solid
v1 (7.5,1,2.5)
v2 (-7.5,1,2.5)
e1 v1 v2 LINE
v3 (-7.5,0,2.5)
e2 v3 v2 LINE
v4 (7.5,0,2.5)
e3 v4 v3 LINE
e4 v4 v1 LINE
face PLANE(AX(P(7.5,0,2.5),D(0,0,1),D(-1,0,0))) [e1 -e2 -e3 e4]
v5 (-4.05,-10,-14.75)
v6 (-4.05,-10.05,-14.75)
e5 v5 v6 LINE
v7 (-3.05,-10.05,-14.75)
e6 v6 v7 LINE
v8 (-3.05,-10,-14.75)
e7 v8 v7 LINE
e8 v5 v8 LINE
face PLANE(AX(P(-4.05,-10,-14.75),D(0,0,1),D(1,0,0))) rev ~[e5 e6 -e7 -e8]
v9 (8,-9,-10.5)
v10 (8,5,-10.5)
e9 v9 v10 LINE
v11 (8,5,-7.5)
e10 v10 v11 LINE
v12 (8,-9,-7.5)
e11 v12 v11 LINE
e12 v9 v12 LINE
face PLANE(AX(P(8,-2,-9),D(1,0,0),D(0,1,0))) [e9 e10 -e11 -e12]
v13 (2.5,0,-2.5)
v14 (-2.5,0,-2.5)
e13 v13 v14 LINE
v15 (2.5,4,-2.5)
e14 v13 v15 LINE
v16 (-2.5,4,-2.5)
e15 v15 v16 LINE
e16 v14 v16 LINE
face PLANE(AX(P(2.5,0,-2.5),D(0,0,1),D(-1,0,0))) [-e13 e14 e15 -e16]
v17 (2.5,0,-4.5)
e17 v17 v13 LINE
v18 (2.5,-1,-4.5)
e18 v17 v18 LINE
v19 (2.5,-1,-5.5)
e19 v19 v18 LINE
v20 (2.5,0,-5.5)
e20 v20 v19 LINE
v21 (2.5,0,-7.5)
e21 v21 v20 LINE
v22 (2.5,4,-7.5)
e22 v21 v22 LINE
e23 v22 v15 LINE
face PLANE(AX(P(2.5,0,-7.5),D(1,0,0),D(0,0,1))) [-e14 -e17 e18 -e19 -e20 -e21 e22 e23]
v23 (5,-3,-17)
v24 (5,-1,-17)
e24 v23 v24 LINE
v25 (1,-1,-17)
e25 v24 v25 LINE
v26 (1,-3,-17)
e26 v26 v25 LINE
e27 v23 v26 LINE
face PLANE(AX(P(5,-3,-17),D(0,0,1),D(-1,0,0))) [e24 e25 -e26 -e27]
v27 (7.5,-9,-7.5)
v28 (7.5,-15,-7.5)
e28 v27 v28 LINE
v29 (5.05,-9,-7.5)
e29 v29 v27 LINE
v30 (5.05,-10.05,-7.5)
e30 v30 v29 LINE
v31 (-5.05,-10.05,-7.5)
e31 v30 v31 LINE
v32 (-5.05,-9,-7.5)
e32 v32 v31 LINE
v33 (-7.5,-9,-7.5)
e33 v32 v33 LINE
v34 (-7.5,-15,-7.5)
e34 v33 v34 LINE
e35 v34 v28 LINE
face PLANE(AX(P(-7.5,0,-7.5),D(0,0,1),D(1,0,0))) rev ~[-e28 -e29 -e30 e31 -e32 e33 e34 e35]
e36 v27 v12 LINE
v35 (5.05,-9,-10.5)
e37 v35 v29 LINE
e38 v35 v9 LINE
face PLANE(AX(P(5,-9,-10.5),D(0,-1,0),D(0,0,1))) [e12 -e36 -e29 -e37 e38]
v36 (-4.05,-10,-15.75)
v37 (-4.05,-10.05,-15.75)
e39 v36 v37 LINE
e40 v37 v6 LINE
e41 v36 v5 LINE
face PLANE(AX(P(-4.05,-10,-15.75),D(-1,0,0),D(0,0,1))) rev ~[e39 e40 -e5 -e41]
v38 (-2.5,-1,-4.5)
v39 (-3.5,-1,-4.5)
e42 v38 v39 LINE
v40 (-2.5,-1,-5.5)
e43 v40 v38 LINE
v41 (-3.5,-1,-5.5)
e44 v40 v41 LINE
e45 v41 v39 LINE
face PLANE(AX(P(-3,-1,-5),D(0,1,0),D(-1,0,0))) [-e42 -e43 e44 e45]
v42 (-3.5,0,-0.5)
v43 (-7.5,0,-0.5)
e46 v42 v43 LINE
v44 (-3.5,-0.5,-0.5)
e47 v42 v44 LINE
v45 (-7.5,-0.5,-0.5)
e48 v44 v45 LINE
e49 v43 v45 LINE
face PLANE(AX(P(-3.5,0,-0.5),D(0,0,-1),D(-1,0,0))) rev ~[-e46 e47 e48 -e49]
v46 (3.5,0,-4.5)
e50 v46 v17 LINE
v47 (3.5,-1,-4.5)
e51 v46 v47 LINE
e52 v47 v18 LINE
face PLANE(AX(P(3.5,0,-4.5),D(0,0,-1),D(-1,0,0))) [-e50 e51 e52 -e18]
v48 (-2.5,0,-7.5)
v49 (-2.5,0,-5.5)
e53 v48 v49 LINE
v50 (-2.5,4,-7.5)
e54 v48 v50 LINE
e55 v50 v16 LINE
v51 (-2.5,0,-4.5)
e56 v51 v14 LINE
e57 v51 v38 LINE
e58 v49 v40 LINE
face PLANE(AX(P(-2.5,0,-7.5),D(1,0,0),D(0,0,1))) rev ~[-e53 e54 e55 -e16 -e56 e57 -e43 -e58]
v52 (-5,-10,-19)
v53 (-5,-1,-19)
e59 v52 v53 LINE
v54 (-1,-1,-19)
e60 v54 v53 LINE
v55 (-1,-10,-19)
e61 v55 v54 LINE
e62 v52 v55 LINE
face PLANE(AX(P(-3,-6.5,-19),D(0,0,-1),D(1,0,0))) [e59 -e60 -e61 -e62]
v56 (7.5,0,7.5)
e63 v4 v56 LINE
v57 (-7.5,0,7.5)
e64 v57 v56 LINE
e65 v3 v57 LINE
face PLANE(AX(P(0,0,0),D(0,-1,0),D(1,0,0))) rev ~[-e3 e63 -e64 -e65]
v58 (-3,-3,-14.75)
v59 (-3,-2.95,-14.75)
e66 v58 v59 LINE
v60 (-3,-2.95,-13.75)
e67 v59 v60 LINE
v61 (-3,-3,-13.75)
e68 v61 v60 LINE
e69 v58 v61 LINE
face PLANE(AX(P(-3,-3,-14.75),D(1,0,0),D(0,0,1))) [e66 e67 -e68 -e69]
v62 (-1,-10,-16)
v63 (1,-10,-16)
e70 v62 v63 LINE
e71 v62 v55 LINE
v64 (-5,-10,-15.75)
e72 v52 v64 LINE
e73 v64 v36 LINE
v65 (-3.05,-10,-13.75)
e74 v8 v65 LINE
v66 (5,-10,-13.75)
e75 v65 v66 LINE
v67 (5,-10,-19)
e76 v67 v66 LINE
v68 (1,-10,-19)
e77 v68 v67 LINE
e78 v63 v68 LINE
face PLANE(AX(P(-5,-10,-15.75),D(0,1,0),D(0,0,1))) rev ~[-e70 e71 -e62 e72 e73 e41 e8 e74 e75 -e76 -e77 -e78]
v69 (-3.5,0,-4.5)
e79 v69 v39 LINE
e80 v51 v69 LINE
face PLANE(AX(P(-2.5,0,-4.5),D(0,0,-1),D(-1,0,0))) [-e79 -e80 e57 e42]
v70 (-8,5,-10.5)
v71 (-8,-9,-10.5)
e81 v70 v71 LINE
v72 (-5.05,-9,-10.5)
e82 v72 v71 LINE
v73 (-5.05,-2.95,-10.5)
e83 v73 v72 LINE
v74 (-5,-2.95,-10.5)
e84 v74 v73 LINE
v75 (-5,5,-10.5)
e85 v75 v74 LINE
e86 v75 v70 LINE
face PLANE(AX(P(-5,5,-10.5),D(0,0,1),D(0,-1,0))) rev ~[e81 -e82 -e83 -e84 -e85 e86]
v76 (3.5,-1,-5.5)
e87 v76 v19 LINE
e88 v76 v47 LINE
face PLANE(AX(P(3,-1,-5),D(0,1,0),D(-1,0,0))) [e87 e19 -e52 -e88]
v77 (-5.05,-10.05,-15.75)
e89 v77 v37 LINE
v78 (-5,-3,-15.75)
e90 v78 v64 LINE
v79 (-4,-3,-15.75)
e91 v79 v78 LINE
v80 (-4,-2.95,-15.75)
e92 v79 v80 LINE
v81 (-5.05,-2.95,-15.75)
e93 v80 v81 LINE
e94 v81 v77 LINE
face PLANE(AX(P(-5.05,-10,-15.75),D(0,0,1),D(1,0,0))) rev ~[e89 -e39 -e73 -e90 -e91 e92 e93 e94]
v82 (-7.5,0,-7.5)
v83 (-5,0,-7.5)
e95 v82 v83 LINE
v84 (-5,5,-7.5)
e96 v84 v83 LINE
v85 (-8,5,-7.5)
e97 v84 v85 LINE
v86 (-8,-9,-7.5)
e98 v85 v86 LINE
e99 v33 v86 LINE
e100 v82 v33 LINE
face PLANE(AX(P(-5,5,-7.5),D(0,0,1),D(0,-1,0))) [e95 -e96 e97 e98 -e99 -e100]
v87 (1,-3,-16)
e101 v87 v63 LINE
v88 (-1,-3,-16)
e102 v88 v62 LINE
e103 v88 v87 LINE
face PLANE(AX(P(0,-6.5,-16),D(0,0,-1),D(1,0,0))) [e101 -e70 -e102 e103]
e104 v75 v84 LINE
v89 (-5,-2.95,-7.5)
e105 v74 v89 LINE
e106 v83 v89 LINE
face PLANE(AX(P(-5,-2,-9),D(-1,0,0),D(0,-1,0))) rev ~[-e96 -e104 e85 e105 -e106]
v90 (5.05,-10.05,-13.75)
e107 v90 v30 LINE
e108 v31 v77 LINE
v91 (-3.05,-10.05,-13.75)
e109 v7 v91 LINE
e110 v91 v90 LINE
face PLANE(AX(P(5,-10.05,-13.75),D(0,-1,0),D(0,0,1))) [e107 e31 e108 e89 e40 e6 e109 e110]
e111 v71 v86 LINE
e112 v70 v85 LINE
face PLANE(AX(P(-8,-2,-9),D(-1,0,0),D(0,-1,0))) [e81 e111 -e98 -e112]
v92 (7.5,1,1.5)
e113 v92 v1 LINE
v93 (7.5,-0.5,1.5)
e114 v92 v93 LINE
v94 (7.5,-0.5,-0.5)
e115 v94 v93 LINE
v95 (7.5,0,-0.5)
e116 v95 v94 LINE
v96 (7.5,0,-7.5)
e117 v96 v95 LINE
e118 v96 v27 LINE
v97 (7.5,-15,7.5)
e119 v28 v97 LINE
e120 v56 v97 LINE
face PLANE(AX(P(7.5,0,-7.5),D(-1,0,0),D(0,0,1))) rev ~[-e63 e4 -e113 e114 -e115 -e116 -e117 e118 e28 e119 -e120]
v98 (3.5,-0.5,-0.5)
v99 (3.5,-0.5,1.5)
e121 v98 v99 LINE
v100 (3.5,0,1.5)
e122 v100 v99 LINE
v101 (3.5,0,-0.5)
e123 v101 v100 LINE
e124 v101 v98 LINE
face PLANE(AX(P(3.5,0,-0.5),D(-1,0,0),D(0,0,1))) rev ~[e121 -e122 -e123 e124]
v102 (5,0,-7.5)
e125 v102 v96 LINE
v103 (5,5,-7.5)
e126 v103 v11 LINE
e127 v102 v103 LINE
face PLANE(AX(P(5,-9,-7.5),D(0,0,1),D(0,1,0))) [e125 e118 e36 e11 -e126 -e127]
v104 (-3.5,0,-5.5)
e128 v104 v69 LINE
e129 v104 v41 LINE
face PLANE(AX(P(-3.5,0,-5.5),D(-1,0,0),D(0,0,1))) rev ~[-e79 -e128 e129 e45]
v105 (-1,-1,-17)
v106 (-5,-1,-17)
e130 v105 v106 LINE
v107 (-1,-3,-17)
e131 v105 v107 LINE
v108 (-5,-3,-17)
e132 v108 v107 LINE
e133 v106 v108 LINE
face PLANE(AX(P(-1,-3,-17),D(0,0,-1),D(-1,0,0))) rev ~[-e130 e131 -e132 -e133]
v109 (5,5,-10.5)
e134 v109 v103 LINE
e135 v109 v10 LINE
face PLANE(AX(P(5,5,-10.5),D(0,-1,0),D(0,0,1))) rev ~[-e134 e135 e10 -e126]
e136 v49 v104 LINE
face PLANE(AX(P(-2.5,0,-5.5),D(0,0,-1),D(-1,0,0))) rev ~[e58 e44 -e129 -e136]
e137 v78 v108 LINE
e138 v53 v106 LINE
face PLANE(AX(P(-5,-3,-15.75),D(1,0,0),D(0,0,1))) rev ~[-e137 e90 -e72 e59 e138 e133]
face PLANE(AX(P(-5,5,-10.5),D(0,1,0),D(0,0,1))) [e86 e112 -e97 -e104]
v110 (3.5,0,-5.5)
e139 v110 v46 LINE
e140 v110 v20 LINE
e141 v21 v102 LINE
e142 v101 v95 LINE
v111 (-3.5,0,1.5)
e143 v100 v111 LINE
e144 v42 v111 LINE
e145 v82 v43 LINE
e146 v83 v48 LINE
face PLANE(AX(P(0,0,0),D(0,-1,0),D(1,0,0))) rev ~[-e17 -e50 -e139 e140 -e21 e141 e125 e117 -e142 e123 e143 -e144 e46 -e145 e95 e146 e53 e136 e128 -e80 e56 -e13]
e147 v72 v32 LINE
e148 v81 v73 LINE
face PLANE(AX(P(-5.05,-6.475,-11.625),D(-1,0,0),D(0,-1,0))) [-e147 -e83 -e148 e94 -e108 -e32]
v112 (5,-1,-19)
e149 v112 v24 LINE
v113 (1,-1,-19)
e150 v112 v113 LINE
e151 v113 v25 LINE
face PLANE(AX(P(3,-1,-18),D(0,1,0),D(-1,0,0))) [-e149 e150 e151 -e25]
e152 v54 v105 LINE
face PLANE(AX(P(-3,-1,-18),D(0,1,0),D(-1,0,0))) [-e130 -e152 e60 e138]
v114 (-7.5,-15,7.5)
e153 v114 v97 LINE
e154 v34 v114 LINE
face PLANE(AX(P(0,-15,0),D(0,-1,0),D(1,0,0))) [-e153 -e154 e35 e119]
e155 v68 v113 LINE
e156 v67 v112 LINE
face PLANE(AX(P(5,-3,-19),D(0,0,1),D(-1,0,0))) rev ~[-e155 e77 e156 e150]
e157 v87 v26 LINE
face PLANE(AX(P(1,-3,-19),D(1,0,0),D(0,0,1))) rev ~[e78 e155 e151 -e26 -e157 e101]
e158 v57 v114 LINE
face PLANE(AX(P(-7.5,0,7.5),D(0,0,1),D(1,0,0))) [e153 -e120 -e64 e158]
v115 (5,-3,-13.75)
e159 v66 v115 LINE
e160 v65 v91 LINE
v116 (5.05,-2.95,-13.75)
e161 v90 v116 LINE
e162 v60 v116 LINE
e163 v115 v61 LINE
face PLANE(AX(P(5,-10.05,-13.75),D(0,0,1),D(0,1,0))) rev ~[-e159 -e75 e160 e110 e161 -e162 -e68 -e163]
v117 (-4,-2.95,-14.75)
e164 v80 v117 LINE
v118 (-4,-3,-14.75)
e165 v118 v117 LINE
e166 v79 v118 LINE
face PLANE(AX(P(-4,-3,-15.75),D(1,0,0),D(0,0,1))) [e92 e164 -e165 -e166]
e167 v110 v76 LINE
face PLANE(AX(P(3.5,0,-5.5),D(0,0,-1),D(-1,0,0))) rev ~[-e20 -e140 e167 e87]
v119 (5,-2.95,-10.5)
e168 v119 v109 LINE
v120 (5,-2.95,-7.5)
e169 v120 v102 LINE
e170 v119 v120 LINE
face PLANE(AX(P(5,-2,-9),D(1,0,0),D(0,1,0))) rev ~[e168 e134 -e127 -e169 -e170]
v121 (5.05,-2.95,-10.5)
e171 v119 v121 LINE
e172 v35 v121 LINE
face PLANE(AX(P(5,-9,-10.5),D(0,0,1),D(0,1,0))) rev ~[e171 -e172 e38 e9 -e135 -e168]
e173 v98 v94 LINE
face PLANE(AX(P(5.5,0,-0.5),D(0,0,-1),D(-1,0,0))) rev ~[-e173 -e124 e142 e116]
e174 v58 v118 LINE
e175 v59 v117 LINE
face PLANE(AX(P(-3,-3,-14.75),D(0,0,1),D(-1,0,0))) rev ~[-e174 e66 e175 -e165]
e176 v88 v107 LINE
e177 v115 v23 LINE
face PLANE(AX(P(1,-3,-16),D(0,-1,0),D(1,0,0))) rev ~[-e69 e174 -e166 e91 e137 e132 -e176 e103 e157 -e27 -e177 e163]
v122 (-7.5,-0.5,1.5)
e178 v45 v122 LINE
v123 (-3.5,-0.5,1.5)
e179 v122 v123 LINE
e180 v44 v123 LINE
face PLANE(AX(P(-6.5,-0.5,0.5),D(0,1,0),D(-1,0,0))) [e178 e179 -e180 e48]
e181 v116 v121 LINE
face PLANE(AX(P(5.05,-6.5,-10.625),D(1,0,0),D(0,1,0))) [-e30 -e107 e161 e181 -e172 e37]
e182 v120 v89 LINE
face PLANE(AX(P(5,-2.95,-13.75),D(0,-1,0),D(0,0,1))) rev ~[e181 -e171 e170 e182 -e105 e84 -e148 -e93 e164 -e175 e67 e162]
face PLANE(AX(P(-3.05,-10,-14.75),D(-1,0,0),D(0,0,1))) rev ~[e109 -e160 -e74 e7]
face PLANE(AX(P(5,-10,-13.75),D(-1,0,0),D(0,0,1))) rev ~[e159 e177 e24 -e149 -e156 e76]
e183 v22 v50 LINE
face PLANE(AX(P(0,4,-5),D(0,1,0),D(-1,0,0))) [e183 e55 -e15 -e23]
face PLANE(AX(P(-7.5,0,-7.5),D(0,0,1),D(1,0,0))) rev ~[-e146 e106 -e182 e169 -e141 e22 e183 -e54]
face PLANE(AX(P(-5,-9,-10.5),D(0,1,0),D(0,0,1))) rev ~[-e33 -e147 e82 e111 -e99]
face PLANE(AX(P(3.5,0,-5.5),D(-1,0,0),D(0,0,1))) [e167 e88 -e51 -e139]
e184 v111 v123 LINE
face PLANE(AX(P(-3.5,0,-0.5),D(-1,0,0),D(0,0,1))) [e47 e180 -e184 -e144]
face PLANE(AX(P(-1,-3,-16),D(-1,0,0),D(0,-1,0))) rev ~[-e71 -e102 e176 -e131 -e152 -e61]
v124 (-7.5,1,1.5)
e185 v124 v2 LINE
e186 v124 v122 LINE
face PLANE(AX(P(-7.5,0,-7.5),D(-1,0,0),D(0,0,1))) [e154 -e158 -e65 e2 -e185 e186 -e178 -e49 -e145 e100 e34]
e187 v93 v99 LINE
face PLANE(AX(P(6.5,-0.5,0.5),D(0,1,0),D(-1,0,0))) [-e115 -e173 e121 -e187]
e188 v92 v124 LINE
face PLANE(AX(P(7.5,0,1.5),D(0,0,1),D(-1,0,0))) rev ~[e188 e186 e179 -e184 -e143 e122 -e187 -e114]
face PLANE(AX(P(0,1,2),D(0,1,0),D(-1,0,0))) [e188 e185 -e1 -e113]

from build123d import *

# Parameters (mm, degrees)
F0_W      = 15
F0_H      = 15
F1_DEPTH  = 15
F2_W      = 10
F2_H      = 7
F3_DEPTH  = 8.5
F4_W      = 4
F4_H      = 7
F5_DEPTH  = 3
F6_W      = 4
F6_H      = 7
F7_DEPTH  = 3
F8_W      = 4
F8_H      = 2
F9_DEPTH  = 2
F10_W     = 4
F10_H     = 2
F11_DEPTH = 2
F12_W     = 14
F12_H     = 3
F13_DEPTH = 3
F14_W     = 14
F14_H     = 3
F15_DEPTH = 3
F16_W     = 5
F16_H     = 5
F17_DEPTH = 4
F18_W     = 15
F18_H     = 1
F19_DEPTH = 1
F20_W     = 1
F20_H     = 1
F21_DEPTH = 1
F22_W     = 1
F22_H     = 1
F23_DEPTH = 1
F24_W     = 2
F24_H     = 2
F25_DEPTH = 0.5
F26_W     = 2
F26_H     = 2
F27_DEPTH = 0.5
F28_W     = 2
F28_H     = 2
F29_DEPTH = 0.5
F30_W     = 10
F30_H     = 6.25
F31_DEPTH = 0.05
F32_W     = 2
F32_H     = 1
F33_DEPTH = 0.05
F34_W     = 1
F34_H     = 1
F35_DEPTH = 0.05
F36_W     = 7.05
F36_H     = 8.25
F37_DEPTH = 0.05
F38_W     = 1
F38_H     = 1
F39_DEPTH = 0.05
F40_W     = 7.1
F40_H     = 6.25
F41_DEPTH = 0.05


with BuildPart() as f1:
    # F0 (on Front) → F1 (new body)
    with BuildSketch(Plane.XZ):
        Rectangle(F0_W, F0_H)
    extrude(amount=F1_DEPTH)

    # F2 (on face) → F3 (join)
    with BuildSketch(Plane(origin=(0, 0, -7.5), x_dir=(1, 0, 0), z_dir=(0, 0, -1))):
        with Locations((0, 6.5)):
            Rectangle(F2_W, F2_H)
    extrude(amount=F3_DEPTH)

    # F4 (on face) → F5 (join)
    with BuildSketch(Plane(origin=(0, 0, -16), x_dir=(1, 0, 0), z_dir=(0, 0, -1))):
        with Locations((-3, 6.5)):
            Rectangle(F4_W, F4_H)
    extrude(amount=F5_DEPTH)

    # F6 (on face) → F7 (join)
    with BuildSketch(Plane(origin=(0, 0, -16), x_dir=(1, 0, 0), z_dir=(0, 0, -1))):
        with Locations((3, 6.5)):
            Rectangle(F6_W, F6_H)
    extrude(amount=F7_DEPTH)

    # F8 (on face) → F9 (join)
    with BuildSketch(Plane(origin=(0, -3, 0), x_dir=(-1, 0, 0), z_dir=(0, 1, 0))):
        with Locations((-3, -18)):
            Rectangle(F8_W, F8_H)
    extrude(amount=F9_DEPTH)

    # F10 (on face) → F11 (join, symmetric)
    with BuildSketch(Plane(origin=(0, -3, 0), x_dir=(-1, 0, 0), z_dir=(0, 1, 0))):
        with Locations((3, -18)):
            Rectangle(F10_W, F10_H)
    extrude(amount=F11_DEPTH, both=True)

    # F12 (on face) → F13 (join)
    with BuildSketch(Plane.YZ.offset(5)):
        with Locations((-2, -9)):
            Rectangle(F12_W, F12_H)
    extrude(amount=F13_DEPTH)

    # F14 (on face) → F15 (join)
    with BuildSketch(Plane(origin=(-5, 0, 0), x_dir=(0, -1, 0), z_dir=(-1, 0, 0))):
        with Locations((2, -9)):
            Rectangle(F14_W, F14_H)
    extrude(amount=F15_DEPTH)

    # F16 (on face) → F17 (join)
    with BuildSketch(Plane(origin=(0, 0, 0), x_dir=(-1, 0, 0), z_dir=(0, 1, 0))):
        with Locations((0, -5)):
            Rectangle(F16_W, F16_H)
    extrude(amount=F17_DEPTH)

    # F18 (on face) → F19 (join)
    with BuildSketch(Plane(origin=(0, 0, 0), x_dir=(-1, 0, 0), z_dir=(0, 1, 0))):
        with Locations((0, 2)):
            Rectangle(F18_W, F18_H)
    extrude(amount=F19_DEPTH)

    # F20 (on face) → F21 (cut)
    with BuildSketch(Plane(origin=(0, 0, 0), x_dir=(-1, 0, 0), z_dir=(0, 1, 0))):
        with Locations((3, -5)):
            Rectangle(F20_W, F20_H)
    extrude(amount=-F21_DEPTH, mode=Mode.SUBTRACT)

    # F22 (on face) → F23 (cut)
    with BuildSketch(Plane(origin=(0, 0, 0), x_dir=(-1, 0, 0), z_dir=(0, 1, 0))):
        with Locations((-3, -5)):
            Rectangle(F22_W, F22_H)
    extrude(amount=-F23_DEPTH, mode=Mode.SUBTRACT)

    # F24 (on face) → F25 (cut)
    with BuildSketch(Plane(origin=(0, 0, 0), x_dir=(-1, 0, 0), z_dir=(0, 1, 0))):
        with Locations((-6.5, 0.5)):
            Rectangle(F24_W, F24_H)
    extrude(amount=-F25_DEPTH, mode=Mode.SUBTRACT)

    # F26 (on face) → F27 (cut)
    with BuildSketch(Plane(origin=(0, 0, 0), x_dir=(-1, 0, 0), z_dir=(0, 1, 0))):
        with Locations((-4.5, 0.5)):
            Rectangle(F26_W, F26_H)
    extrude(amount=-F27_DEPTH, mode=Mode.SUBTRACT)

    # F28 (on face) → F29 (cut)
    with BuildSketch(Plane(origin=(0, 0, 0), x_dir=(-1, 0, 0), z_dir=(0, 1, 0))):
        with Locations((6.5, 0.5)):
            Rectangle(F28_W, F28_H)
        with Locations((4.5, 0.5)):
            Rectangle(F28_W, F28_H)
    extrude(amount=-F29_DEPTH, mode=Mode.SUBTRACT)

    # F30 (on face) → F31 (join)
    with BuildSketch(Plane(origin=(0, -3, 0), x_dir=(-1, 0, 0), z_dir=(0, 1, 0))):
        with Locations((0, -10.625)):
            Rectangle(F30_W, F30_H)
    extrude(amount=F31_DEPTH)

    # F32 (on face) → F33 (join)
    with BuildSketch(Plane(origin=(0, -3, 0), x_dir=(-1, 0, 0), z_dir=(0, 1, 0))):
        with Locations((4, -14.25)):
            Rectangle(F32_W, F32_H)
    extrude(amount=F33_DEPTH)

    # F34 (on face) → F35 (join)
    with BuildSketch(Plane(origin=(0, -3, 0), x_dir=(-1, 0, 0), z_dir=(0, 1, 0))):
        with Locations((4.5, -15.25)):
            Rectangle(F34_W, F34_H)
    extrude(amount=F35_DEPTH)

    # F36 (on face) → F37 (join)
    with BuildSketch(Plane(origin=(-5, 0, 0), x_dir=(0, -1, 0), z_dir=(-1, 0, 0))):
        with Locations((6.475, -11.625)):
            Rectangle(F36_W, F36_H)
    extrude(amount=F37_DEPTH)

    # F38 (on face) → F39 (join)
    with BuildSketch(Plane.XZ.offset(10)):
        Polygon((5, -13.75), (5, -7.5), (-5.05, -7.5), (-5.05, -13.75), (-3.05, -13.75), align=None)
        Polygon((-3.05, -13.75), (-5.05, -13.75), (-5.05, -14.75), (-4.05, -14.75), (-3.05, -14.75), align=None)
        with Locations((-4.55, -15.25)):
            Rectangle(F38_W, F38_H)
    extrude(amount=F39_DEPTH)

    # F40 (on face) → F41 (join)
    with BuildSketch(Plane.YZ.offset(5)):
        with Locations((-6.5, -10.625)):
            Rectangle(F40_W, F40_H)
    extrude(amount=F41_DEPTH)


solid = f1.part
